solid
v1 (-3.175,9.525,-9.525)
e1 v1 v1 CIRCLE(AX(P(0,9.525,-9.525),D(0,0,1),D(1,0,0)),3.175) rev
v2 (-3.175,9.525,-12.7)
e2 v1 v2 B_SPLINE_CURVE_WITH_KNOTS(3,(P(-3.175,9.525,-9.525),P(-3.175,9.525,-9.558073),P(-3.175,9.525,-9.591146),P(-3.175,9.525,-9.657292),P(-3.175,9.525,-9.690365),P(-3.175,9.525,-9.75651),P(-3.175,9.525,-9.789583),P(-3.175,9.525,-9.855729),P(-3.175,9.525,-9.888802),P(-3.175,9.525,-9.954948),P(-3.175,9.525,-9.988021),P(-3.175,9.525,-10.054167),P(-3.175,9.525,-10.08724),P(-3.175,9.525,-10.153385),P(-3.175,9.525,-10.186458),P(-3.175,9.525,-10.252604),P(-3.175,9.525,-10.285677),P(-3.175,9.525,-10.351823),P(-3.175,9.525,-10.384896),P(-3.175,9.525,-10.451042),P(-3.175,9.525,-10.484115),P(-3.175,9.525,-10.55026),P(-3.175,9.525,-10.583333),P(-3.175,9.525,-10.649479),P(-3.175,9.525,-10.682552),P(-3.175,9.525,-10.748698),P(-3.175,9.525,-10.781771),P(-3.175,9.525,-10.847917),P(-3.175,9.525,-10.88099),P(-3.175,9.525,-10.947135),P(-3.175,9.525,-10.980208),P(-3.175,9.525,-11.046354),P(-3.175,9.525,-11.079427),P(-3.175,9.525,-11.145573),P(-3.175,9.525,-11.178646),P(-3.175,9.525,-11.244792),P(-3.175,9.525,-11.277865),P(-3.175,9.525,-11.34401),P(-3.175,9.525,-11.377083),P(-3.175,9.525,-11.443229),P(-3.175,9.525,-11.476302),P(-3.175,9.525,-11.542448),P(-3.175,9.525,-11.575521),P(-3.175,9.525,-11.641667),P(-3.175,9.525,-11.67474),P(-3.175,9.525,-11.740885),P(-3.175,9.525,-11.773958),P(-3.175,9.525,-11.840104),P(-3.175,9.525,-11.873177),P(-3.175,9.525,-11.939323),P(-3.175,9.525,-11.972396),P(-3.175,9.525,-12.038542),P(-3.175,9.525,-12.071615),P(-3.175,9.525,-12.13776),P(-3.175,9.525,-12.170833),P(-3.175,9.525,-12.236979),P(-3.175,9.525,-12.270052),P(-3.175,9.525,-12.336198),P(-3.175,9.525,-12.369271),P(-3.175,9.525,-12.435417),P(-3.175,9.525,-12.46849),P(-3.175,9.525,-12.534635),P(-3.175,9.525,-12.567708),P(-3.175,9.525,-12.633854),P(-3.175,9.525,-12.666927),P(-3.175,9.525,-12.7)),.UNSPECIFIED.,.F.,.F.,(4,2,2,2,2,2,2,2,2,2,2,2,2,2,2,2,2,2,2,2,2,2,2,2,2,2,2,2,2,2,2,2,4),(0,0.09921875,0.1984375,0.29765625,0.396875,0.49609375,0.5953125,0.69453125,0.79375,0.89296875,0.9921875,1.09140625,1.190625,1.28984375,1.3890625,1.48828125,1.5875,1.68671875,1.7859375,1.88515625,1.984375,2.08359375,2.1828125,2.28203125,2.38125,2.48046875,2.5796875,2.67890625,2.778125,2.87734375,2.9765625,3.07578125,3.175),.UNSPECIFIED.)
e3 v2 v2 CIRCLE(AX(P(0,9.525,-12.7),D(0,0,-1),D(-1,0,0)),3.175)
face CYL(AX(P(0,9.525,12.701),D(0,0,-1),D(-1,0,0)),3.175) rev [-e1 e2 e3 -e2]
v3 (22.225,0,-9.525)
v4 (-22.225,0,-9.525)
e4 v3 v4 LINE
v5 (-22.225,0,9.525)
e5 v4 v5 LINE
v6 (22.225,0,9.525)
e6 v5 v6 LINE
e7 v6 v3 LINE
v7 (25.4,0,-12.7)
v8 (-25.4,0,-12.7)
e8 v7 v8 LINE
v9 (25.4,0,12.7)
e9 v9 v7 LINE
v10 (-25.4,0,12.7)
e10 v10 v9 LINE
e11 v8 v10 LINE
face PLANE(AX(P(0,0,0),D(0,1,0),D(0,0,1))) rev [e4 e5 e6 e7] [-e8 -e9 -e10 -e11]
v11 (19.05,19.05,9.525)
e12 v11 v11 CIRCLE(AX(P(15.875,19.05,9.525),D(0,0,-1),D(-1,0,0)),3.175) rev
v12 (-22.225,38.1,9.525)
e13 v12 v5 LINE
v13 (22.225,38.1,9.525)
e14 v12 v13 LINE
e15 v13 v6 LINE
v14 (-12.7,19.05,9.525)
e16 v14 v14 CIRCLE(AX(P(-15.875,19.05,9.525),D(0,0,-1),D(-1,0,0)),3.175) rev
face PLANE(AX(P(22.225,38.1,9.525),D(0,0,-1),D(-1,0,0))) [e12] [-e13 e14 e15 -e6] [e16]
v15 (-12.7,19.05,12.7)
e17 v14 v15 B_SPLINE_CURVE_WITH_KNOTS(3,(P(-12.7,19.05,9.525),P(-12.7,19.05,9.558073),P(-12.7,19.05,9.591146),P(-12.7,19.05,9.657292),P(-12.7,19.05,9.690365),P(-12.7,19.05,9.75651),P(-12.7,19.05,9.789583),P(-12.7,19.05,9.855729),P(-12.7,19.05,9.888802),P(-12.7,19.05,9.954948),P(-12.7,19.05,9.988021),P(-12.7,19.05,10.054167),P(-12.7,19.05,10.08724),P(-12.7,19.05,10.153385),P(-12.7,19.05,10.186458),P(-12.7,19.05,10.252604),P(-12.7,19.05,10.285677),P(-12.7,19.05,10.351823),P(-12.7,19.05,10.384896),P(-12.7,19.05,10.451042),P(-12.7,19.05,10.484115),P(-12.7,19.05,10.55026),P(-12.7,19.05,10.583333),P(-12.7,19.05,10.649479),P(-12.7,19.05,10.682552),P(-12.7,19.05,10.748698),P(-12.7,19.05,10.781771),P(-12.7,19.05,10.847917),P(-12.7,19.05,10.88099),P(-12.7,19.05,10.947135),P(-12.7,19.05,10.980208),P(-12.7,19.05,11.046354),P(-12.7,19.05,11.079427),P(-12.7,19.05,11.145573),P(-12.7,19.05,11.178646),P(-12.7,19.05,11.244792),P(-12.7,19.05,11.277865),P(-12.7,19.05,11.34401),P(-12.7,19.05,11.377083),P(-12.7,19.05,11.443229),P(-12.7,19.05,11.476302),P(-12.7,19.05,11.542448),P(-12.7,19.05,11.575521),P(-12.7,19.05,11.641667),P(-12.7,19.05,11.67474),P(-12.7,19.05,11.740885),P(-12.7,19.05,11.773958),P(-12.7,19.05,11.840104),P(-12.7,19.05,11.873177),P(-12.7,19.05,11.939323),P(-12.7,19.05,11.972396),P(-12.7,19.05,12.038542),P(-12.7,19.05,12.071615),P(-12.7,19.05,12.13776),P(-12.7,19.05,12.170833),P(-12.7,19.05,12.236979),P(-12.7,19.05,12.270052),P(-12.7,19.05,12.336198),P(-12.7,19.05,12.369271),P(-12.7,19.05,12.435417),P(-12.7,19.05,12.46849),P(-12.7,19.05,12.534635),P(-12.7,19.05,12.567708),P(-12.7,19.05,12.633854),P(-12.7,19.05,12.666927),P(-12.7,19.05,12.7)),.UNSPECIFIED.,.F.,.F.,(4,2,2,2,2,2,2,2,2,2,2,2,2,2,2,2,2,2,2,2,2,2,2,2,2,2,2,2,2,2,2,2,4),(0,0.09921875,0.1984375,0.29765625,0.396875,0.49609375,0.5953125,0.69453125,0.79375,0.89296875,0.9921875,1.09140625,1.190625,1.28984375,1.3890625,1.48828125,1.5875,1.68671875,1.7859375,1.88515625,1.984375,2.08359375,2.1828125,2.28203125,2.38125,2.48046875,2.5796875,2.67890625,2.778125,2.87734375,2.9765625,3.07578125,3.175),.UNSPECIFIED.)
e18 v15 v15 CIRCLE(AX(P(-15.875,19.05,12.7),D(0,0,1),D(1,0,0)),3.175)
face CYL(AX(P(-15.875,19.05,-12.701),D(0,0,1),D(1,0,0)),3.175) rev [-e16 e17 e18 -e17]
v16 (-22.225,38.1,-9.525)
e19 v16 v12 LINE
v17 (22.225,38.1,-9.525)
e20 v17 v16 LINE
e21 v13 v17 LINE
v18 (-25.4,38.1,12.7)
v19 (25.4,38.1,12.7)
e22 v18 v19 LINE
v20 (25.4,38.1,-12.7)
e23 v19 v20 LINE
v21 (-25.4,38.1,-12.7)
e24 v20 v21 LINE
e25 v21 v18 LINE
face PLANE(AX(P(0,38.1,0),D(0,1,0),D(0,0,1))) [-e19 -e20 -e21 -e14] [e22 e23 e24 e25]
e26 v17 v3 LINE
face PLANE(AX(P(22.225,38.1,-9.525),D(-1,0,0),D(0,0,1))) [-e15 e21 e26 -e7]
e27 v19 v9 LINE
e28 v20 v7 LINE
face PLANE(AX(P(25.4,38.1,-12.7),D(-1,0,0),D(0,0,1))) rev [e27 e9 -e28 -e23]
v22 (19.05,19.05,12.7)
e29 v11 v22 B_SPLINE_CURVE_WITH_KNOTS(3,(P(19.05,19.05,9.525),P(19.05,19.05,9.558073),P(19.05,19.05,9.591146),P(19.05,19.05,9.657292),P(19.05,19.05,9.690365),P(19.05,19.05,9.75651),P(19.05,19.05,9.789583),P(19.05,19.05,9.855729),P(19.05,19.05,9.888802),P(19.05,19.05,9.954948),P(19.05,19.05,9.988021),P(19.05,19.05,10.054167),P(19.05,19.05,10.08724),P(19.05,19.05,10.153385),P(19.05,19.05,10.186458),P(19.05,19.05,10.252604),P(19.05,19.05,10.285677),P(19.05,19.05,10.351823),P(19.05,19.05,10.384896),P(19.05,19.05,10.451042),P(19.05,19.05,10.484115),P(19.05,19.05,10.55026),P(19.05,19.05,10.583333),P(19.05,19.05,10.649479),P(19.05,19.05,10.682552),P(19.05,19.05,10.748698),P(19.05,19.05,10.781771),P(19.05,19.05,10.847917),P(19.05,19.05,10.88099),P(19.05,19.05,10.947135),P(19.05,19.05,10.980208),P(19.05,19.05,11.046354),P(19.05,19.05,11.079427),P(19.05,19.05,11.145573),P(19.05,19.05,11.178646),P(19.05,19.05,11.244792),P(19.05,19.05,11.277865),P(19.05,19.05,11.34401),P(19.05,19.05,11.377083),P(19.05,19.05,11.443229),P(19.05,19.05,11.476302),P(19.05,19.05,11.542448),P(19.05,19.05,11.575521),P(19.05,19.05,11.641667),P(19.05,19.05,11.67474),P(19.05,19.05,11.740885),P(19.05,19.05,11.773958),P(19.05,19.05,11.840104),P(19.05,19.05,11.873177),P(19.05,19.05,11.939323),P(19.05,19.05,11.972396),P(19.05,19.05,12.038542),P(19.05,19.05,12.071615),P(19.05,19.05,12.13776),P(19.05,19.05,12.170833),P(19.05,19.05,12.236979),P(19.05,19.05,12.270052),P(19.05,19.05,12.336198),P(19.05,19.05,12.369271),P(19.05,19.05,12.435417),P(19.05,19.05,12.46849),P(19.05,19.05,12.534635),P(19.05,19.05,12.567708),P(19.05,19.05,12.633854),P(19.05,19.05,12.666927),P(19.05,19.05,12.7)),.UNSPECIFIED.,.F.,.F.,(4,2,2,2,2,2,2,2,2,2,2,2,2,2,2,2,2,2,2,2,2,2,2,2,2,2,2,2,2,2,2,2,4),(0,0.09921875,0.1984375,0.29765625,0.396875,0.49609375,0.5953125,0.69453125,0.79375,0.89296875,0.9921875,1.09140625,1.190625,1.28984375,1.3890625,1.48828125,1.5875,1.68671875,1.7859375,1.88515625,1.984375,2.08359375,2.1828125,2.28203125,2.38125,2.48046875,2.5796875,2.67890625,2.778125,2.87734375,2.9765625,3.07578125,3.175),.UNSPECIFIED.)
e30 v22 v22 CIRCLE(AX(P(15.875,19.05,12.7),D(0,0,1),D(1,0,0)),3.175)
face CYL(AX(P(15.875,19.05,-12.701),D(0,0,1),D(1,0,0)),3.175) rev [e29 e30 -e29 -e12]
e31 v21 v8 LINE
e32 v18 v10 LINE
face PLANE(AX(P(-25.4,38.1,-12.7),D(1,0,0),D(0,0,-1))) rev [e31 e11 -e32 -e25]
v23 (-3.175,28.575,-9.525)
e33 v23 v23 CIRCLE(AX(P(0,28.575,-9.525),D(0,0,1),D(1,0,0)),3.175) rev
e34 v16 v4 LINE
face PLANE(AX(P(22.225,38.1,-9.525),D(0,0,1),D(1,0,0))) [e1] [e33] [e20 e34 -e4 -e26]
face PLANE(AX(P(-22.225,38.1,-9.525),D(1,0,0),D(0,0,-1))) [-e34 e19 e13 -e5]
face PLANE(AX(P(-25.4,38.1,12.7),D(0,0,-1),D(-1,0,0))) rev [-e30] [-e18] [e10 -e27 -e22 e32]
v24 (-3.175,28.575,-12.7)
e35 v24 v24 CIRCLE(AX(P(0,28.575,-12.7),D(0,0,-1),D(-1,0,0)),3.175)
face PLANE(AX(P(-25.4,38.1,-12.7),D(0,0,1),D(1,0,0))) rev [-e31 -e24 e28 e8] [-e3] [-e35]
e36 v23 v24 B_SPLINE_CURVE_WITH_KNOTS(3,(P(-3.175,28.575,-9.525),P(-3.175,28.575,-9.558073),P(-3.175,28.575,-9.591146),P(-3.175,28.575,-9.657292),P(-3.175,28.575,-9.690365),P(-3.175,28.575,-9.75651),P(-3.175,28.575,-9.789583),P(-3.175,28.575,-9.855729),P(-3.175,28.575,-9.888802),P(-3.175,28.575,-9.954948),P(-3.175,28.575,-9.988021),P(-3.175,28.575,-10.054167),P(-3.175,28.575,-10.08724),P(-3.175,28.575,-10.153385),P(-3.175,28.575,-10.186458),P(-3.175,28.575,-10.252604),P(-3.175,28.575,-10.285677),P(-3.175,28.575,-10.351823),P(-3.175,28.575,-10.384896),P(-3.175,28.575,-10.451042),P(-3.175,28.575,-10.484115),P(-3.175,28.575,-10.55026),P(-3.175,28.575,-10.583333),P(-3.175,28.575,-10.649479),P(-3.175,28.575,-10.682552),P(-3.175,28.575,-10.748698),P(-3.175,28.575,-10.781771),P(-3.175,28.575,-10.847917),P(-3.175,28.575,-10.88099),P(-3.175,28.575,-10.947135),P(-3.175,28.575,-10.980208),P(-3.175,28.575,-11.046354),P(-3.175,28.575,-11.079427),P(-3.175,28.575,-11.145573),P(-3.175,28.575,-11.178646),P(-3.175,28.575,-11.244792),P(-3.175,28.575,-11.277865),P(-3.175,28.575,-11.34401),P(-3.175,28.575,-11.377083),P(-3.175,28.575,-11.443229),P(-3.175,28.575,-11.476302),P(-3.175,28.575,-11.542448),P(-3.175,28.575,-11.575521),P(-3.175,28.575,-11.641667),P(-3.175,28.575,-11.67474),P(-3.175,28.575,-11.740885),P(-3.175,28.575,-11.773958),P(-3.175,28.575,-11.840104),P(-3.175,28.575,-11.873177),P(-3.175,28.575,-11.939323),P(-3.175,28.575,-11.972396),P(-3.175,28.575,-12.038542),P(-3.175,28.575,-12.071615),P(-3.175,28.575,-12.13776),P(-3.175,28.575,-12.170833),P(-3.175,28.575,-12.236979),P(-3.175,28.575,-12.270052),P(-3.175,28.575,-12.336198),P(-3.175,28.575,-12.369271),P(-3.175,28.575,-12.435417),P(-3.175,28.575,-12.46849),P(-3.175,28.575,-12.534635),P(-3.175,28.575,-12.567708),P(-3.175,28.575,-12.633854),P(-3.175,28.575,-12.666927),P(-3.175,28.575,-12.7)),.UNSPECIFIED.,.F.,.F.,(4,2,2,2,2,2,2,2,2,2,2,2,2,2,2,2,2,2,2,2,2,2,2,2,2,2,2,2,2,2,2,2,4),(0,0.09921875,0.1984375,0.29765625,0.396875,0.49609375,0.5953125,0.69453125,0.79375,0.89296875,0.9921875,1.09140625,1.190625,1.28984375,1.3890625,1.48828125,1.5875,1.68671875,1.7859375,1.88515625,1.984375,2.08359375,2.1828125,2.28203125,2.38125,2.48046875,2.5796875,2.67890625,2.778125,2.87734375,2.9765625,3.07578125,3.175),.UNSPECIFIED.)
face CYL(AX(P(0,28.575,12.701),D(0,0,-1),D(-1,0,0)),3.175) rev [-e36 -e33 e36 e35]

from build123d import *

# Parameters (mm, degrees)
SKETCH1_W           = 50.8
SKETCH1_H           = 25.4
SKETCH1_W_2         = 44.45
SKETCH1_H_2         = 19.05
BOSS_EXTRUDE1_DEPTH = 38.1
CUT_EXTRUDE1_REACH  = 54.363
SKETCH2_R           = 3.175
CUT_EXTRUDE2_REACH  = 54.363
SKETCH3_R           = 3.175


with BuildPart() as part:
    # Sketch1 → Boss-Extrude1 (new body)
    with BuildSketch(Plane(origin=(0, 0, 0), x_dir=(1, 0, 0), z_dir=(0, 1, 0))):
        Rectangle(SKETCH1_W, SKETCH1_H)
        Rectangle(SKETCH1_W_2, SKETCH1_H_2, mode=Mode.SUBTRACT)
    extrude(amount=BOSS_EXTRUDE1_DEPTH)

    # Sketch2 → Cut-Extrude1 (cut, up to next)
    with BuildSketch(Plane(origin=(0, 0, -12.7), x_dir=(-1, 0, 0), z_dir=(0, 0, -1)), mode=Mode.PRIVATE) as cut_extrude1_sk1:
        with Locations((0, 28.575)):
            Circle(SKETCH2_R)
    cut_extrude1_tool1 = extrude(cut_extrude1_sk1.sketch, amount=-CUT_EXTRUDE1_REACH, mode=Mode.PRIVATE) & part.part
    # Sketch2 → Cut-Extrude1 (cut, up to next)
    with BuildSketch(Plane(origin=(0, 0, -12.7), x_dir=(-1, 0, 0), z_dir=(0, 0, -1)), mode=Mode.PRIVATE) as cut_extrude1_sk2:
        with Locations((0, 9.525)):
            Circle(SKETCH2_R)
    cut_extrude1_tool2 = extrude(cut_extrude1_sk2.sketch, amount=-CUT_EXTRUDE1_REACH, mode=Mode.PRIVATE) & part.part
    add(cut_extrude1_tool1.solids().sort_by_distance((0, 28.575, -12.7))[0], mode=Mode.SUBTRACT)
    add(cut_extrude1_tool2.solids().sort_by_distance((0, 9.525, -12.7))[0], mode=Mode.SUBTRACT)

    # Sketch3 → Cut-Extrude2 (cut, up to next)
    with BuildSketch(Plane.XY.offset(12.7), mode=Mode.PRIVATE) as cut_extrude2_sk1:
        with Locations((15.875, 19.05)):
            Circle(SKETCH3_R)
    cut_extrude2_tool1 = extrude(cut_extrude2_sk1.sketch, amount=-CUT_EXTRUDE2_REACH, mode=Mode.PRIVATE) & part.part
    # Sketch3 → Cut-Extrude2 (cut, up to next)
    with BuildSketch(Plane.XY.offset(12.7), mode=Mode.PRIVATE) as cut_extrude2_sk2:
        with Locations((-15.875, 19.05)):
            Circle(SKETCH3_R)
    cut_extrude2_tool2 = extrude(cut_extrude2_sk2.sketch, amount=-CUT_EXTRUDE2_REACH, mode=Mode.PRIVATE) & part.part
    add(cut_extrude2_tool1.solids().sort_by_distance((15.875, 19.05, 12.7))[0], mode=Mode.SUBTRACT)
    add(cut_extrude2_tool2.solids().sort_by_distance((-15.875, 19.05, 12.7))[0], mode=Mode.SUBTRACT)


solid = part.part
